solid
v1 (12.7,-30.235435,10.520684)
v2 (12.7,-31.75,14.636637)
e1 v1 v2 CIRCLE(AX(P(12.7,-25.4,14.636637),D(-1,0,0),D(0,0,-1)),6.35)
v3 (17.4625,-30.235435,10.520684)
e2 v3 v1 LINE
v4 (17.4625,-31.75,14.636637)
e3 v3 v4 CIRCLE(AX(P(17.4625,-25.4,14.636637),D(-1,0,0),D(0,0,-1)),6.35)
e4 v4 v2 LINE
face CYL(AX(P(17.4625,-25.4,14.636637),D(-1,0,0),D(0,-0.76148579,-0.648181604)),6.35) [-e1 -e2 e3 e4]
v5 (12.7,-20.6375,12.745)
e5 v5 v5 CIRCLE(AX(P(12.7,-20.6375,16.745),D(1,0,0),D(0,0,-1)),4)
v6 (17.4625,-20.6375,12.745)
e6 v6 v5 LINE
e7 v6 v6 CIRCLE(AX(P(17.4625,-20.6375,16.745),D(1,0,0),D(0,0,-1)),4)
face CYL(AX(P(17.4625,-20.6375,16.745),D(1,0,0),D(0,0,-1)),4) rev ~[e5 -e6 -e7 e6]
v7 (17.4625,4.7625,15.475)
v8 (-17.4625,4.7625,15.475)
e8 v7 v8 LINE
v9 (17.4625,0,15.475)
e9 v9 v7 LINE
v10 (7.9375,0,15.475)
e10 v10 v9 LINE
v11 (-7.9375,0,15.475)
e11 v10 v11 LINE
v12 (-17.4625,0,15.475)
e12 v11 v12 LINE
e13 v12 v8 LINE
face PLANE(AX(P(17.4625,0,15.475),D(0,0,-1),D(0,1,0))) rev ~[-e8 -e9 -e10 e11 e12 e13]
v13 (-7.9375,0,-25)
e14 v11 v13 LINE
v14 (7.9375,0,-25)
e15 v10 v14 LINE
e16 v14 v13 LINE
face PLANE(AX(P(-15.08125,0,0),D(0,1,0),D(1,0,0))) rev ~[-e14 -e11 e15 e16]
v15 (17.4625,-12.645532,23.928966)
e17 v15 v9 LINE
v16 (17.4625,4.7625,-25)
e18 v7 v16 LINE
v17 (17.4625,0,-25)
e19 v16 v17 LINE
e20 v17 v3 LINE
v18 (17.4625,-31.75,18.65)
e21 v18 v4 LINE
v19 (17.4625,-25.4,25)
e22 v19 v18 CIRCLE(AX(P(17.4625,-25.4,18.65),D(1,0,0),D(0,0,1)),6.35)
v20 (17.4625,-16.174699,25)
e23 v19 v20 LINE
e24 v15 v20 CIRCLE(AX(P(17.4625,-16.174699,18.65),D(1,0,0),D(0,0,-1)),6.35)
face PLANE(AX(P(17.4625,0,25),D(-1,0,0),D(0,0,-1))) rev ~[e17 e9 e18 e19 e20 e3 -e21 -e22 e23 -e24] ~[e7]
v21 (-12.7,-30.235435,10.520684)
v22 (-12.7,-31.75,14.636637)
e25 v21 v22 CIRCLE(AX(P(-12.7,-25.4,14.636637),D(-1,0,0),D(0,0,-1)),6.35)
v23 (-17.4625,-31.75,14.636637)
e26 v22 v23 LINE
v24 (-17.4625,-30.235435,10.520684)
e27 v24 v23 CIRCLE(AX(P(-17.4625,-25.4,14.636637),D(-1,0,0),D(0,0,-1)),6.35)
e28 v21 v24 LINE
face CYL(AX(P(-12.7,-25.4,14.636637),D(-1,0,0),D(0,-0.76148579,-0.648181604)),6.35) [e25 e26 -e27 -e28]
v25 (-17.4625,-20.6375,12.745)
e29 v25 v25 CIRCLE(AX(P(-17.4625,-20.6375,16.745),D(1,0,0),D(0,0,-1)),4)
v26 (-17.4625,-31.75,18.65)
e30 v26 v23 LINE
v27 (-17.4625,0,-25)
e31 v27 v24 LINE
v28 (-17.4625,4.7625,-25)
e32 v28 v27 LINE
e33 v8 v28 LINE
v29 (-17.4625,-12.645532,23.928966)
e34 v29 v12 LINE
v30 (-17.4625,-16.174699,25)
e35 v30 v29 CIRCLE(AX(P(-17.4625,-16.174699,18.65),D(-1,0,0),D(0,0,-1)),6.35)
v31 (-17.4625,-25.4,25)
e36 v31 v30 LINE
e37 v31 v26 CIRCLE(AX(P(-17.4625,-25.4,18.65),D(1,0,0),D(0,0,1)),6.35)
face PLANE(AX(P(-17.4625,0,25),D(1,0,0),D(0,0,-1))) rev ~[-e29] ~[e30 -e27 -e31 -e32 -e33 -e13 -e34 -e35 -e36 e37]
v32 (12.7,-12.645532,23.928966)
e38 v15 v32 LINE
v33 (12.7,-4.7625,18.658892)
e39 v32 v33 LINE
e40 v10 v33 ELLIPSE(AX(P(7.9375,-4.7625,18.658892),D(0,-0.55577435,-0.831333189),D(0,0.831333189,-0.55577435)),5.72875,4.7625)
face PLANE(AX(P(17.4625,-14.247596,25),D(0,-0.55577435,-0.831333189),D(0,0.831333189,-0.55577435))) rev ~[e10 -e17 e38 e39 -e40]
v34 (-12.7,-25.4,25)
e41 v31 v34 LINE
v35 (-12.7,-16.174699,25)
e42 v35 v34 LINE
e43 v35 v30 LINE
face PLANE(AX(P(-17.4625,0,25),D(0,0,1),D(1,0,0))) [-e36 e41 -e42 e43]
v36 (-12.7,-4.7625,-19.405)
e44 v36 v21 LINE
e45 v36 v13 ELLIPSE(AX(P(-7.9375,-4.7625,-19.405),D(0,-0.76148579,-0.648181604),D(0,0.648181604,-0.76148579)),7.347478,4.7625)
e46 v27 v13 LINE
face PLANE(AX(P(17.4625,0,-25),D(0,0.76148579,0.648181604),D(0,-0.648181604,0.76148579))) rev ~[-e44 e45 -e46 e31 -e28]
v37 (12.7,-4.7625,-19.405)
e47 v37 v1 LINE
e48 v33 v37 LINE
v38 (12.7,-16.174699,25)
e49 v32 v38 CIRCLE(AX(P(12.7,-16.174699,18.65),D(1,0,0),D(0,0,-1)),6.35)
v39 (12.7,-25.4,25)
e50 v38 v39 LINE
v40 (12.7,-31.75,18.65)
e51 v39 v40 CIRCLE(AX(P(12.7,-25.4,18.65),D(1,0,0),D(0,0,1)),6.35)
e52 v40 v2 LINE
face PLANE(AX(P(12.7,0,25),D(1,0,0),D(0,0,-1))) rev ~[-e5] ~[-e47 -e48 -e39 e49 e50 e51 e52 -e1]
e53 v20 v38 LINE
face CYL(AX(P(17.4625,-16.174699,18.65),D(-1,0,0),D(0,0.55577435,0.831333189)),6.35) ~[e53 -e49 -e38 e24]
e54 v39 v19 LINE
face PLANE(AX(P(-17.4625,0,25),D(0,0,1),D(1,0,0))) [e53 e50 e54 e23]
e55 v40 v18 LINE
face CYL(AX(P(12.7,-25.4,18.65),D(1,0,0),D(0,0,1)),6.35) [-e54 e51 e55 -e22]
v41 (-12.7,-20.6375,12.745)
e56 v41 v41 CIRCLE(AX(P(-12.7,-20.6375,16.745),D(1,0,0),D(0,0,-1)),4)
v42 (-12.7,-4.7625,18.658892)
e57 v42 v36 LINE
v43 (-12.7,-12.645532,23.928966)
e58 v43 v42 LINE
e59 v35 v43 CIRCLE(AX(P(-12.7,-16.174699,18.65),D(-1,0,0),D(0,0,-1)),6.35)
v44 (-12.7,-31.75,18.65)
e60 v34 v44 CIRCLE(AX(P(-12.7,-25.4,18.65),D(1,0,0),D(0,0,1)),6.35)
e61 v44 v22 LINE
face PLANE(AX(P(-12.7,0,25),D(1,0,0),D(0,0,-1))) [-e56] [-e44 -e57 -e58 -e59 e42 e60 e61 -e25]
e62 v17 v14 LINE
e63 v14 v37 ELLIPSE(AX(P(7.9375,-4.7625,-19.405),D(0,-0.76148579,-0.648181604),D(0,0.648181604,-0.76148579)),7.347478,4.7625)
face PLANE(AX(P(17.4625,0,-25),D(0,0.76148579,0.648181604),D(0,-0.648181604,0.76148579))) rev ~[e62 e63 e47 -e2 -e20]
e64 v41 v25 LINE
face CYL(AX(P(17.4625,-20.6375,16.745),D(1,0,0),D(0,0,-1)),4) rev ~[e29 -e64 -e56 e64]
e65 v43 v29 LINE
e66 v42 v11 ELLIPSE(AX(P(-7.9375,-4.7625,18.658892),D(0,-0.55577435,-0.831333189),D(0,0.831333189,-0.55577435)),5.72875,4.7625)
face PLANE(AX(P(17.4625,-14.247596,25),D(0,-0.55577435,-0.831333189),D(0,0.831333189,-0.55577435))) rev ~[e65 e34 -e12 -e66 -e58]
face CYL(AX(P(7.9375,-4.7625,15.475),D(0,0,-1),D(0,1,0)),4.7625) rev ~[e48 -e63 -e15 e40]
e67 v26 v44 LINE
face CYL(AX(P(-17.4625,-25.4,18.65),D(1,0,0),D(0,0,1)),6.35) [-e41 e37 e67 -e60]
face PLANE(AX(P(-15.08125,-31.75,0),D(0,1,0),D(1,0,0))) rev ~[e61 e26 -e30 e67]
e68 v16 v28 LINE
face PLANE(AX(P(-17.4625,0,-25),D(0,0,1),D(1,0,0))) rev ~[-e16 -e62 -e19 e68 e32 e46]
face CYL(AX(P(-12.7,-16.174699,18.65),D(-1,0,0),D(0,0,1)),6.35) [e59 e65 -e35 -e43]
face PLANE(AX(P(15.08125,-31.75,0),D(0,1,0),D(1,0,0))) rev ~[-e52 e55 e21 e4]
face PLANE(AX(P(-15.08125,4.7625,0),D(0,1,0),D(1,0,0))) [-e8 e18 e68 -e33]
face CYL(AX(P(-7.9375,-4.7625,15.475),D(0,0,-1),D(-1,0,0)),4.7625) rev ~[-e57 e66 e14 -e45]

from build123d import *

# Parameters (mm, degrees)
SKETCH1_W           = 4.7625
SKETCH1_H           = 50
SKETCH1_W_2         = 25.4
BOSS_EXTRUDE1_DEPTH = 4.7625
SKETCH1_3_W         = 4.7625
SKETCH1_3_H         = 50
BOSS_EXTRUDE2_DEPTH = 31.75
SKETCH3_R           = 4
CUT_EXTRUDE1_DEPTH  = 35.925
FILLET1_R           = 6.35
FILLET2_R           = 4.7625


with BuildPart() as part:
    # Sketch1 → Boss-Extrude1 (new body)
    with BuildSketch(Plane(origin=(0, 0, 0), x_dir=(1, 0, 0), z_dir=(0, 1, 0))):
        with Locations((-15.08125, 0)):
            Rectangle(SKETCH1_W, SKETCH1_H)
        Rectangle(SKETCH1_W_2, SKETCH1_H)
        with Locations((15.08125, 0)):
            Rectangle(SKETCH1_W, SKETCH1_H)
    extrude(amount=BOSS_EXTRUDE1_DEPTH)

    # Sketch1<3> → Boss-Extrude2 (add)
    with BuildSketch(Plane(origin=(0, 0, 0), x_dir=(1, 0, 0), z_dir=(0, 1, 0))):
        with Locations((-15.08125, 0)):
            Rectangle(SKETCH1_3_W, SKETCH1_3_H)
        with Locations((15.08125, 0)):
            Rectangle(SKETCH1_3_W, SKETCH1_3_H)
    extrude(amount=-BOSS_EXTRUDE2_DEPTH)

    # Sketch3 → Cut-Extrude1 (cut, through all)
    with BuildSketch(Plane(origin=(17.4625, 0, 0), x_dir=(0, 0, -1), z_dir=(1, 0, 0))):
        Polygon((25, -31.75), (25, 0), (-12.3, -31.75), align=None)
        Polygon((-15.475, 0), (-15.475, 4.7625), (-25, 4.7625), (-25, 0), (-25, -14.247596398), align=None)
        with Locations((-16.745, -20.6375)):
            Circle(SKETCH3_R)
    extrude(amount=-CUT_EXTRUDE1_DEPTH, mode=Mode.SUBTRACT)

    # Fillet1
    fillet1_edges = [part.edges().sort_by_distance(p)[0] for p in [
        (-15.08125, -31.75, 25),
        (15.08125, -31.75, 25),
        (15.08125, -31.75, 12.3),
        (-15.08125, -31.75, 12.3),
        (15.08125, -14.247596398, 25),
        (-15.08125, -14.247596398, 25),
    ]]
    fillet(fillet1_edges, radius=FILLET1_R)

    # Fillet2
    fillet2_edges = [part.edges().sort_by_distance(p)[0] for p in [
        (12.7, 0, -4.7625),
        (-12.7, 0, -4.7625),
    ]]
    fillet(fillet2_edges, radius=FILLET2_R)


solid = part.part
